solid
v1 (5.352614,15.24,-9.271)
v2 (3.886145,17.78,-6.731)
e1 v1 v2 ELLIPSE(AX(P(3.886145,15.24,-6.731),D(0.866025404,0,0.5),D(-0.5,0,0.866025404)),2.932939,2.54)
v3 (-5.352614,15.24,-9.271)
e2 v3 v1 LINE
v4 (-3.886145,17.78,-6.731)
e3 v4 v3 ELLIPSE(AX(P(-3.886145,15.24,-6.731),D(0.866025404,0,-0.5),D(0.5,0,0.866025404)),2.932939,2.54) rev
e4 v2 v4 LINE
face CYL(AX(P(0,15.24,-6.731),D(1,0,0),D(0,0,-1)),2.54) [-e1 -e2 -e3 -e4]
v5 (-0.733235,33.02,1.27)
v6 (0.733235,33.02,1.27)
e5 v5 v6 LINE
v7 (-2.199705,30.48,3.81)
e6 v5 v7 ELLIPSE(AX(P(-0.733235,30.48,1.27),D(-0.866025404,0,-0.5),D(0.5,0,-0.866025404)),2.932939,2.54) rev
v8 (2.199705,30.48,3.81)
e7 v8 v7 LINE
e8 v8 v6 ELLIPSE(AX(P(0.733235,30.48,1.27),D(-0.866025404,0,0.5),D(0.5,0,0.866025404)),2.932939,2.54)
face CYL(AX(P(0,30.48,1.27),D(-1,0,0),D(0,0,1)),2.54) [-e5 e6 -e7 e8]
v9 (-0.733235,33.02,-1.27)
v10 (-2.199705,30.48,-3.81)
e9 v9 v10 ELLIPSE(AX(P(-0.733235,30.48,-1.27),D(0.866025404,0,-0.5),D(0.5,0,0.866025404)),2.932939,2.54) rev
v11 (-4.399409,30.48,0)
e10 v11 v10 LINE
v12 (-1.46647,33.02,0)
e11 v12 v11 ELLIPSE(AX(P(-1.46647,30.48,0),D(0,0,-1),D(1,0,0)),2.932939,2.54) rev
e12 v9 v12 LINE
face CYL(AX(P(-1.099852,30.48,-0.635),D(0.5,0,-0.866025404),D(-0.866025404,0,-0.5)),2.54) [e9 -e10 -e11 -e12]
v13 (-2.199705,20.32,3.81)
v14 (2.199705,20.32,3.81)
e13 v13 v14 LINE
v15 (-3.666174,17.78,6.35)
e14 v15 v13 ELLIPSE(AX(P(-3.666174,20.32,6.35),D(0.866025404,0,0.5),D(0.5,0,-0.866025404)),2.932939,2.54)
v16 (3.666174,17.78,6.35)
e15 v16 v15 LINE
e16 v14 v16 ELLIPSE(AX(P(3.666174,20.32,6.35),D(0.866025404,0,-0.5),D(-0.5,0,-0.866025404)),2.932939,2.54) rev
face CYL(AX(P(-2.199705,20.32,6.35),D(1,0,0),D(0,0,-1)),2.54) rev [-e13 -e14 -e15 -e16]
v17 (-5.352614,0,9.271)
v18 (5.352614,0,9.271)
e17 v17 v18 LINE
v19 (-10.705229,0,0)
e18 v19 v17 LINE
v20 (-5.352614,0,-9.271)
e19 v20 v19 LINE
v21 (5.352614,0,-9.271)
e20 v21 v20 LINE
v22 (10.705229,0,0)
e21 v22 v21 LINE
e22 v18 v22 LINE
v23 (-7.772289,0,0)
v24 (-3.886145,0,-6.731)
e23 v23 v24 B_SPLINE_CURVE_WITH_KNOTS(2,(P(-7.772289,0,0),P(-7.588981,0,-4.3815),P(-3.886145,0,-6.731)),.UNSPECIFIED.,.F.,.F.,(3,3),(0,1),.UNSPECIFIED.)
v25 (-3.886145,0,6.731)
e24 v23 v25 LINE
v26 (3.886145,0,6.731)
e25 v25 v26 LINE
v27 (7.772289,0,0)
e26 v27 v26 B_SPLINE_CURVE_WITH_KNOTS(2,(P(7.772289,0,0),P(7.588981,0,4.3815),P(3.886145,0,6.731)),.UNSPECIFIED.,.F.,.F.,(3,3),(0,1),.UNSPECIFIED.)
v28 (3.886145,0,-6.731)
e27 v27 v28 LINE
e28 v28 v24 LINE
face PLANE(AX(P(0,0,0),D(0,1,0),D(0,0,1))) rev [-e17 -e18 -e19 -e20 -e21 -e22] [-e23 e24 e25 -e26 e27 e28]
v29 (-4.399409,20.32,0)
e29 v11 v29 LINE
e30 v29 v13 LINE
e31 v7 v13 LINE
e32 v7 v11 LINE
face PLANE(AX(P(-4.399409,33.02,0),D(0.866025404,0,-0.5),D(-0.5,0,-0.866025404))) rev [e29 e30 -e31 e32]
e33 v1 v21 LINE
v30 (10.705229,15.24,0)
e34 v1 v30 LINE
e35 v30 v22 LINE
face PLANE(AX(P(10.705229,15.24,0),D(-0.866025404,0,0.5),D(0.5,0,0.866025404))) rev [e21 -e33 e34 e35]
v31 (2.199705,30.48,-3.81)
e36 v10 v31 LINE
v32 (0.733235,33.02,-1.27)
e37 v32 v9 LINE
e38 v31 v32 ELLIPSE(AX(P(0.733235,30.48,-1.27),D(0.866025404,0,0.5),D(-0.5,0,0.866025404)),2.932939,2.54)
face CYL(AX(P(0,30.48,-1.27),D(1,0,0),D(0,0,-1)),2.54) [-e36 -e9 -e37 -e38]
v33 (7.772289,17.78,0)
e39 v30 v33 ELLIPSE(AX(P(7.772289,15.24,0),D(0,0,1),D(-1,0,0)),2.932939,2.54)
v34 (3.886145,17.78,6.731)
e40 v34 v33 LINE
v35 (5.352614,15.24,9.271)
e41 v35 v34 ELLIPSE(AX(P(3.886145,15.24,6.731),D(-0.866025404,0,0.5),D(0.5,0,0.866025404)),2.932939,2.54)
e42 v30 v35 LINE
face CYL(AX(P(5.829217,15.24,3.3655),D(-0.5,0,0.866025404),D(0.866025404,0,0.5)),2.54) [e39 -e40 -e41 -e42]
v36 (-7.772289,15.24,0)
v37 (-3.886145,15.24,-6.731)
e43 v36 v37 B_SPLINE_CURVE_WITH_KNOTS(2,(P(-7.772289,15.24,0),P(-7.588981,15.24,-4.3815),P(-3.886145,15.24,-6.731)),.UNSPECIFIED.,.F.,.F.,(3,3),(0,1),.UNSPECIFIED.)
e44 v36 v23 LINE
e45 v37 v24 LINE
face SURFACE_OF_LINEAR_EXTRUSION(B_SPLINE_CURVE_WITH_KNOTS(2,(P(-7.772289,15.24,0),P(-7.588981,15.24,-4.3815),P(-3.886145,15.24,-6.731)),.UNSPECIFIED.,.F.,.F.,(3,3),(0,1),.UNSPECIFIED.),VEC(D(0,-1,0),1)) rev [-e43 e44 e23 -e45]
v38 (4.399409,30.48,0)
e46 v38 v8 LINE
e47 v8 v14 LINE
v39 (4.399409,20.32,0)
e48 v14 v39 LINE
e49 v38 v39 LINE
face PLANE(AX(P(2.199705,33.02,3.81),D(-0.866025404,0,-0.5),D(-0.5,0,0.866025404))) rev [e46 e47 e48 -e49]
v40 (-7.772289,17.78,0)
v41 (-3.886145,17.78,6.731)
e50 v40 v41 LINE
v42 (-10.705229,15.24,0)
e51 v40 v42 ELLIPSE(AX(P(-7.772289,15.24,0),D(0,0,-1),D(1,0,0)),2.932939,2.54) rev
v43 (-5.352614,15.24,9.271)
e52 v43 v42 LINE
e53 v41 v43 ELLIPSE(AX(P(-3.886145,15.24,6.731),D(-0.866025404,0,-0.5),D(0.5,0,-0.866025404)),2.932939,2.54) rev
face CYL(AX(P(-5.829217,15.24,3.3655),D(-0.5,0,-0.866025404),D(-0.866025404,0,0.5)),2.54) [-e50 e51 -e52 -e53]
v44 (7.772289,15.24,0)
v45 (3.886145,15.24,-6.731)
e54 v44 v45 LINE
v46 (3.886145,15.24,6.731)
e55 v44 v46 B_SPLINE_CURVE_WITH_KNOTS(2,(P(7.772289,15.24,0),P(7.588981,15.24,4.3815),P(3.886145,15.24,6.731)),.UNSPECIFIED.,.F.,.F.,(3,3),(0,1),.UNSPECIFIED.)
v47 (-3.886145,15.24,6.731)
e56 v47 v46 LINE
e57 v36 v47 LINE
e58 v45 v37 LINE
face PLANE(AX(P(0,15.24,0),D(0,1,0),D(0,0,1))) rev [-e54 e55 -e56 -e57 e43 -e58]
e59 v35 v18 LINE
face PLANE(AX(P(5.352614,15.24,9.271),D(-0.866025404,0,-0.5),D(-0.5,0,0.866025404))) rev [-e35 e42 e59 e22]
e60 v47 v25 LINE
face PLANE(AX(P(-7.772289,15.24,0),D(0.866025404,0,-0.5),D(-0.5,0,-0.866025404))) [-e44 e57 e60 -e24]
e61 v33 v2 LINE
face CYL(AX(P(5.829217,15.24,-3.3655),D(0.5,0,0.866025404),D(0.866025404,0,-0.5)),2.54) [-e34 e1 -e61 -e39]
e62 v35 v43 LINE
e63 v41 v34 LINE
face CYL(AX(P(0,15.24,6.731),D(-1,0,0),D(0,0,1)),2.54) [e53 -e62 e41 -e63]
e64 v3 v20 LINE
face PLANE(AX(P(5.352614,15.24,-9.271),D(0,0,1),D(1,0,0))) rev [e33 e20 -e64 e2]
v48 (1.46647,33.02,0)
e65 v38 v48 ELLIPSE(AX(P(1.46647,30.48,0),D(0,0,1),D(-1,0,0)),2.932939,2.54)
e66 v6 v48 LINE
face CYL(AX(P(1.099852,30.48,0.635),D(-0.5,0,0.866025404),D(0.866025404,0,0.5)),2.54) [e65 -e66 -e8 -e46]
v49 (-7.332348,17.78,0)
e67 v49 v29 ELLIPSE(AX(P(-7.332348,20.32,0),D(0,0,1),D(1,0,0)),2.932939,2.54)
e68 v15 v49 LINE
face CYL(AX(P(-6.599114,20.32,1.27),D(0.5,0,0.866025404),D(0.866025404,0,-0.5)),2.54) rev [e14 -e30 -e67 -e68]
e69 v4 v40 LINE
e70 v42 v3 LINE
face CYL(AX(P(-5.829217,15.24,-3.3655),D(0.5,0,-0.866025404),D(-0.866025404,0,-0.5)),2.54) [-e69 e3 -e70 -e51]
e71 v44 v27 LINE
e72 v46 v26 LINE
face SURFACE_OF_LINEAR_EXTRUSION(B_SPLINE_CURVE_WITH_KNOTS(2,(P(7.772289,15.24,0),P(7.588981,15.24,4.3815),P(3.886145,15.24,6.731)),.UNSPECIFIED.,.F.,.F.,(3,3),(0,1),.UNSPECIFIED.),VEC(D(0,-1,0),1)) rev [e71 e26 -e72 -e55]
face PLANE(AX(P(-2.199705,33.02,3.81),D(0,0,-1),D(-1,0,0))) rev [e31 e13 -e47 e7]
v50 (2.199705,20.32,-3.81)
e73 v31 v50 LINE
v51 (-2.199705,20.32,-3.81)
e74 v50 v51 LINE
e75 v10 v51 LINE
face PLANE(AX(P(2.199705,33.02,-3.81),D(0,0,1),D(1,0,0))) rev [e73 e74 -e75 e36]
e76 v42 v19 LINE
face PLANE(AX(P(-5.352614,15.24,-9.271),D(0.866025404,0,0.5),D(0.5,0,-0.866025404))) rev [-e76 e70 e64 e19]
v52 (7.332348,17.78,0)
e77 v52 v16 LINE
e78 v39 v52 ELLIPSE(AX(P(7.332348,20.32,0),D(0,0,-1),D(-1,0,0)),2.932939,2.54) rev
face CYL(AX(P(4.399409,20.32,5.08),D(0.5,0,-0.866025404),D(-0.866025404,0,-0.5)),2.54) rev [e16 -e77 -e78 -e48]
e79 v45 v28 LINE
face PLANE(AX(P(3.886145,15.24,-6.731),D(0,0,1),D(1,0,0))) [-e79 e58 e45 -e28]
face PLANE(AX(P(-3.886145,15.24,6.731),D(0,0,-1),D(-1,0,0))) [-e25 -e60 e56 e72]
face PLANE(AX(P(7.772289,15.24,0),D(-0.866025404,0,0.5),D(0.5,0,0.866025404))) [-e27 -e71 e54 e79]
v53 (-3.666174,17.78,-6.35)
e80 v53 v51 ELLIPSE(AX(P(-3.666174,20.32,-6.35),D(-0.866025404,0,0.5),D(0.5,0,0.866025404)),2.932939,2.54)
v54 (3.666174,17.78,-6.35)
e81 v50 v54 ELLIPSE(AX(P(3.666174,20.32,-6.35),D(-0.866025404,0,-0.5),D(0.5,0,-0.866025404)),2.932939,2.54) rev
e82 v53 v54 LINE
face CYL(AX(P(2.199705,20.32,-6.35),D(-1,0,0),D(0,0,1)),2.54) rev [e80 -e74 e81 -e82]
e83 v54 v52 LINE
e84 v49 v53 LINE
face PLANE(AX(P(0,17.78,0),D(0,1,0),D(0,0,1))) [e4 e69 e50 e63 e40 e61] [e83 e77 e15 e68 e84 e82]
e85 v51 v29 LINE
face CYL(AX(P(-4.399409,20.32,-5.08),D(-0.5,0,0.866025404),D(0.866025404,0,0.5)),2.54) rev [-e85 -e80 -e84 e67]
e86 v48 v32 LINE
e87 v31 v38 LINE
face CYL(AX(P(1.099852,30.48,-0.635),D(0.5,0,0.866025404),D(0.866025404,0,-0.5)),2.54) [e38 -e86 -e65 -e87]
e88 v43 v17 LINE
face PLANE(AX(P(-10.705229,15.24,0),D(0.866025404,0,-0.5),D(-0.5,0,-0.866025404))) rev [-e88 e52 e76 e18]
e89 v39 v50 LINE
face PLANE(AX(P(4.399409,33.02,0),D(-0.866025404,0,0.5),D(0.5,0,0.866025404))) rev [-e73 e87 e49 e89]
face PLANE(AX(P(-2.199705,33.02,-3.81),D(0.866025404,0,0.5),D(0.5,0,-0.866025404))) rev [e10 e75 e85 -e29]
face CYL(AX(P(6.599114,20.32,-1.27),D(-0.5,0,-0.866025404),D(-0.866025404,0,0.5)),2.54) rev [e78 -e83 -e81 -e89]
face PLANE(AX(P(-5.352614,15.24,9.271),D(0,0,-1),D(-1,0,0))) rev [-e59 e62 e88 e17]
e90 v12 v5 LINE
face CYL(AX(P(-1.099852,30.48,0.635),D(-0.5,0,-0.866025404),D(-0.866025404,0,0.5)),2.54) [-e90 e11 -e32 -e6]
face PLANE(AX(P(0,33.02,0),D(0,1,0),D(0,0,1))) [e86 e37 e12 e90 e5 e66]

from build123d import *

# Parameters (mm, degrees)
BOSS_EXTRUDE1_DEPTH = 15.24
BOSS_EXTRUDE2_DEPTH = 2.54
BOSS_EXTRUDE3_DEPTH = 15.24
CUT_EXTRUDE3_DEPTH  = 15.24
FILLET9_R           = 2.54
CUT_EXTRUDE4_DEPTH  = 15.24
FILLET1_R           = 2.54


with BuildPart() as part:
    # Sketch1 → Boss-Extrude1 (new body)
    with BuildSketch(Plane(origin=(0, 0, 0), x_dir=(1, 0, 0), z_dir=(0, 1, 0))):
        Polygon((10.705228691, 0), (5.352614346, 9.271), (-5.352614346, 9.271), (-10.705228691, 0), (-5.352614346, -9.271), (5.352614346, -9.271), align=None)
        Polygon((7.772289324, 0), (3.886144662, 6.731), (-3.886144662, 6.731), (-7.772289324, 0), (-3.886144662, -6.731), (3.886144662, -6.731), align=None, mode=Mode.SUBTRACT)
    extrude(amount=BOSS_EXTRUDE1_DEPTH)

    # Sketch2 → Boss-Extrude2 (add)
    with BuildSketch(Plane(origin=(0, 15.24, 0), x_dir=(1, 0, 0), z_dir=(0, 1, 0))):
        Polygon((10.705228691, 0), (5.352614346, 9.271), (-5.352614346, 9.271), (-10.705228691, 0), (-5.352614346, -9.271), (5.352614346, -9.271), align=None)
    extrude(amount=BOSS_EXTRUDE2_DEPTH)

    # Sketch3 → Boss-Extrude3 (add)
    with BuildSketch(Plane(origin=(0, 17.78, 0), x_dir=(1, 0, 0), z_dir=(0, 1, 0))):
        Polygon((4.399409051, 0), (2.199704526, 3.81), (-2.199704526, 3.81), (-4.399409051, 0), (-2.199704526, -3.81), (2.199704526, -3.81), align=None)
    extrude(amount=BOSS_EXTRUDE3_DEPTH)

    # Sketch8 → Cut-Extrude3 (cut)
    with BuildSketch(Plane.XZ):
        with BuildLine():
            Line((3.886144662, 6.731), (7.772289324, 0))
            add(Edge.make_bspline(
                [(3.886144662, 6.731), (7.588980613, 4.3815), (7.772289324, 0)],
                knots=[0, 0, 0, 1, 1, 1], degree=2))
        make_face()
    extrude(amount=-CUT_EXTRUDE3_DEPTH, mode=Mode.SUBTRACT)

    # Fillet9
    fillet9_edges = [part.edges().sort_by_distance(p)[0] for p in [
        (3.299556788, 17.78, 1.905),
        (3.299556788, 17.78, -1.905),
        (0, 17.78, -3.81),
        (-3.299556788, 17.78, -1.905),
        (-3.299556788, 17.78, 1.905),
        (0, 17.78, 3.81),
        (3.299556788, 33.02, 1.905),
        (3.299556788, 33.02, -1.905),
        (0, 33.02, -3.81),
        (-3.299556788, 33.02, -1.905),
        (-3.299556788, 33.02, 1.905),
        (0, 33.02, 3.81),
    ]]
    fillet(fillet9_edges, radius=FILLET9_R)

    # Sketch9 → Cut-Extrude4 (cut)
    with BuildSketch(Plane.XZ):
        with BuildLine():
            Line((-7.772289324, 0), (-3.886144662, -6.731))
            add(Edge.make_bspline(
                [(-7.772289324, 0), (-7.588980613, -4.3815), (-3.886144662, -6.731)],
                knots=[0, 0, 0, 1, 1, 1], degree=2))
        make_face()
    extrude(amount=-CUT_EXTRUDE4_DEPTH, mode=Mode.SUBTRACT)

    # Fillet1
    fillet1_edges = [part.edges().sort_by_distance(p)[0] for p in [
        (8.028921518, 17.78, 4.6355),
        (8.028921518, 17.78, -4.6355),
        (0, 17.78, -9.271),
        (-8.028921518, 17.78, -4.6355),
        (-8.028921518, 17.78, 4.6355),
        (0, 17.78, 9.271),
    ]]
    fillet(fillet1_edges, radius=FILLET1_R)


solid = part.part
